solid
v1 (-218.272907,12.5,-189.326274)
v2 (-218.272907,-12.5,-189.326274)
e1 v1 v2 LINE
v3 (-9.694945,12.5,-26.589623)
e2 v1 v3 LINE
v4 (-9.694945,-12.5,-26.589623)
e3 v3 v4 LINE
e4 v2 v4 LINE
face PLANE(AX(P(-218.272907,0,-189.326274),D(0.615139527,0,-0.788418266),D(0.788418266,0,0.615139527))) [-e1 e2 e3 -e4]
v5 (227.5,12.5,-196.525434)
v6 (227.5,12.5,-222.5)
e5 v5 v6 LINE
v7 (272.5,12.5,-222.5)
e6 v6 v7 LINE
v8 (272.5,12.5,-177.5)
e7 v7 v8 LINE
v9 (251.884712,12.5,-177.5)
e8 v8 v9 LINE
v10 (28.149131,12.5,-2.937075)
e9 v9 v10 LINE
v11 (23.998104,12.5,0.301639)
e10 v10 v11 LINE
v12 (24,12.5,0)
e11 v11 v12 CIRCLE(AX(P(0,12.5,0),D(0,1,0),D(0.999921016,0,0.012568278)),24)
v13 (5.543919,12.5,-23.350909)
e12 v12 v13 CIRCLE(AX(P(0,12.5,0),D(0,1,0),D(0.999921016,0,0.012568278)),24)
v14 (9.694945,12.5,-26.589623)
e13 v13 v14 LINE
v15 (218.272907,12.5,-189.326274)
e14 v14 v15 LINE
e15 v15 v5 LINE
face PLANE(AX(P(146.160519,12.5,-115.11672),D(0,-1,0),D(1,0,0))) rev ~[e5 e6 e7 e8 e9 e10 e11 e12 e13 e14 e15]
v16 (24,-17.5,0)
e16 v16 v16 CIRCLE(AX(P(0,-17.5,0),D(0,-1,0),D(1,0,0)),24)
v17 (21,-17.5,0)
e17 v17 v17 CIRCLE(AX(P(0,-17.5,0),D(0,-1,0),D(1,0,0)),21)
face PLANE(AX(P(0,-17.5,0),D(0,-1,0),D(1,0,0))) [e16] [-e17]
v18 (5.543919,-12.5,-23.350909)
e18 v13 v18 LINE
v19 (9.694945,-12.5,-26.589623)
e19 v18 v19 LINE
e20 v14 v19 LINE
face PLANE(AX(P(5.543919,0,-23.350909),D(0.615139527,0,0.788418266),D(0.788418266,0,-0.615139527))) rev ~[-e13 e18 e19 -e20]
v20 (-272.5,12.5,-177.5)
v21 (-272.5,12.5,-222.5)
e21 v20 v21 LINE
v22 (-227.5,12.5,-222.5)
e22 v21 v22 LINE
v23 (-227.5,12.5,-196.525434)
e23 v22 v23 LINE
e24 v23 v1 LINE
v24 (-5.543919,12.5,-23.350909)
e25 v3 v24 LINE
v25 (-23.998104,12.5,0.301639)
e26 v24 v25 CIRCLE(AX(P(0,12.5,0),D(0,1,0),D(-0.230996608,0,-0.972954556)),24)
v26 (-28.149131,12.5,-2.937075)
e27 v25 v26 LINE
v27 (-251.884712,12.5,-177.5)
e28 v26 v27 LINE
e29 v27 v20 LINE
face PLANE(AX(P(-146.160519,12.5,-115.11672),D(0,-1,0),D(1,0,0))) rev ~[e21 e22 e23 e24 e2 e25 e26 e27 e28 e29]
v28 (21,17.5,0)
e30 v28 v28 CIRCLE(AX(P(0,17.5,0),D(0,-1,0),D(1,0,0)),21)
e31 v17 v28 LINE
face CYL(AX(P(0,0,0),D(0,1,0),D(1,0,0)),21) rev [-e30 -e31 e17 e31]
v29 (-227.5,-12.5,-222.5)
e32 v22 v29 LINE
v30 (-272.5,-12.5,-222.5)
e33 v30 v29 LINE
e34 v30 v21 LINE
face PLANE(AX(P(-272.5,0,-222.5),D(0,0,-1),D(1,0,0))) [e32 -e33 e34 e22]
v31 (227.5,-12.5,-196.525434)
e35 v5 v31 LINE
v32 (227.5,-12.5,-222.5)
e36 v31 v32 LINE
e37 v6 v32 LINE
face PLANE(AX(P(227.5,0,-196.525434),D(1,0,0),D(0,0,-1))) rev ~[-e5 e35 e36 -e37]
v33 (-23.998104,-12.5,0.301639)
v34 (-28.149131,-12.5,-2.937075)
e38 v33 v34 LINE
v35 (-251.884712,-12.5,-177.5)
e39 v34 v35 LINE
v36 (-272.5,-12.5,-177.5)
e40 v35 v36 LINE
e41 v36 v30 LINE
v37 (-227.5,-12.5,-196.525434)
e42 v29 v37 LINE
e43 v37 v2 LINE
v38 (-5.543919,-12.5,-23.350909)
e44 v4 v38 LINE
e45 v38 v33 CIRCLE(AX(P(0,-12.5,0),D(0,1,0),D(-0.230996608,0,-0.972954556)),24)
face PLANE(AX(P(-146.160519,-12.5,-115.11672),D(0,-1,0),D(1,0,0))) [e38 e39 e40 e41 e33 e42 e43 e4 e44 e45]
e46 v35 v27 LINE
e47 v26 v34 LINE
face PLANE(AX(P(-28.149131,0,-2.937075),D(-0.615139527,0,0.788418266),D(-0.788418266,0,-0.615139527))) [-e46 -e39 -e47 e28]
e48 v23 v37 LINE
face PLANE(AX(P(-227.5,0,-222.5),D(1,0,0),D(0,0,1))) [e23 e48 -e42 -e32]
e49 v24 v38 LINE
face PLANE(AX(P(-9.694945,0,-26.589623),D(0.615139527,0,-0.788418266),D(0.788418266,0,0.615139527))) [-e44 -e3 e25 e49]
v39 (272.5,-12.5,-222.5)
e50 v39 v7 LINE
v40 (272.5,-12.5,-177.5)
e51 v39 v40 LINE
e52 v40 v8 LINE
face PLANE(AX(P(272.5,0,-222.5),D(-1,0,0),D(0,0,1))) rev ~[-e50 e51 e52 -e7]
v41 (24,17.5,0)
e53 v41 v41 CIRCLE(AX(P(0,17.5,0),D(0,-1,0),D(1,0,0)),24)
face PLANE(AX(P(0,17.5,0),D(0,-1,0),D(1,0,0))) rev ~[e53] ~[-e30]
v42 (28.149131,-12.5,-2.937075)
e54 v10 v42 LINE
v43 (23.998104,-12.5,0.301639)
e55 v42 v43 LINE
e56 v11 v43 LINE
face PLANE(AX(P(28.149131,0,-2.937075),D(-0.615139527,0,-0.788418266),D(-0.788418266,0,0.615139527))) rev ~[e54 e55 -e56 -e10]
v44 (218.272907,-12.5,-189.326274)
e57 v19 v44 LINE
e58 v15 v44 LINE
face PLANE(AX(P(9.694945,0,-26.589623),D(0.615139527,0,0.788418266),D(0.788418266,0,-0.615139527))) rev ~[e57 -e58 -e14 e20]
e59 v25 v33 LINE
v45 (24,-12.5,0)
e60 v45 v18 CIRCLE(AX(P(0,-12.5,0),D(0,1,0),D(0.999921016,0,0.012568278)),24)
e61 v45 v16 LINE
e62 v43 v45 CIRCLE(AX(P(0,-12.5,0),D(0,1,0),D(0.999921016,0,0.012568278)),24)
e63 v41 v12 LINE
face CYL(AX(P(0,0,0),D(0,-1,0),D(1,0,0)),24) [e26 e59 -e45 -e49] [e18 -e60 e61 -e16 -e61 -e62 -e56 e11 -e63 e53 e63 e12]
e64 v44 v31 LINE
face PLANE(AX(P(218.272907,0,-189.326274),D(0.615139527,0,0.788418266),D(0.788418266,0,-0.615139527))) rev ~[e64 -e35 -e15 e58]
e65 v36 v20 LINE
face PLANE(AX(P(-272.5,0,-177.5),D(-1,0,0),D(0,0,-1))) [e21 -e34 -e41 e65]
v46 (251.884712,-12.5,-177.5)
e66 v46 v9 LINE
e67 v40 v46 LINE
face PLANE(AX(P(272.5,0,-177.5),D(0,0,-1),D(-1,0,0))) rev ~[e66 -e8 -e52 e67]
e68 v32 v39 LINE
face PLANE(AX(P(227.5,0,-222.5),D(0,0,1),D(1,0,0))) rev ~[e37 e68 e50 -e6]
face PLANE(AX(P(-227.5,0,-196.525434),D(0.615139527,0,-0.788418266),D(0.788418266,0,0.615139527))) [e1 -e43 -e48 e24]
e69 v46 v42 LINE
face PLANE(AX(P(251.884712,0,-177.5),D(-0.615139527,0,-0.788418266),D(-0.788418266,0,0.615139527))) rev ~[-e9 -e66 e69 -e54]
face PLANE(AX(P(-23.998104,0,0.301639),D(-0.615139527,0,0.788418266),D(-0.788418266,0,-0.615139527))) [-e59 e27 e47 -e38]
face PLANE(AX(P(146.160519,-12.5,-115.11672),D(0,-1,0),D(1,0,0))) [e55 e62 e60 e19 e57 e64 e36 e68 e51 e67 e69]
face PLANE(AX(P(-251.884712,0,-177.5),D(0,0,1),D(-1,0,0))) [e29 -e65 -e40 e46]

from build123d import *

# Parameters (mm, degrees)
F0_R     = 24
F0_R_2   = 21
F1_DEPTH = 17.5
F3_DEPTH = 12.5


with BuildPart() as f1:
    # F0 (on Front) → F1 (new body, symmetric)
    with BuildSketch(Plane.XZ):
        Circle(F0_R)
        Circle(F0_R_2, mode=Mode.SUBTRACT)
    extrude(amount=F1_DEPTH, both=True)

    # F2 (on Front) → F3 (join, symmetric)
    with BuildSketch(Plane.XZ):
        with BuildLine():
            Line((251.8847116829, -177.5), (236.7270928985, -165.6737260034))
            Line((236.7270928985, -165.6737260034), (28.1491312931, -2.9370746409))
            Line((28.1491312931, -2.9370746409), (23.9981043859, 0.3016386602))
            ThreePointArc((23.9981043859, 0.3016386602), (18.9220383946, -14.7633486375), (5.543918589, -23.350909333))
            Line((5.543918589, -23.350909333), (9.6949454961, -26.5896226342))
            Line((9.6949454961, -26.5896226342), (218.2729071015, -189.3262739966))
            Line((218.2729071015, -189.3262739966), (227.5, -196.5254343899))
            Line((227.5, -196.5254343899), (227.5, -222.5))
            Line((227.5, -222.5), (272.5, -222.5))
            Line((272.5, -222.5), (272.5, -177.5))
            Line((272.5, -177.5), (251.8847116829, -177.5))
        make_face()
        with BuildLine():
            Line((-272.5, -222.5), (-227.5, -222.5))
            Line((-227.5, -222.5), (-227.5, -196.5254343899))
            Line((-227.5, -196.5254343899), (-218.2729071015, -189.3262739966))
            Line((-218.2729071015, -189.3262739966), (-9.6949454961, -26.5896226342))
            Line((-9.6949454961, -26.5896226342), (-5.543918589, -23.350909333))
            ThreePointArc((-5.543918589, -23.350909333), (-18.9220383946, -14.7633486375), (-23.9981043859, 0.3016386602))
            Line((-23.9981043859, 0.3016386602), (-28.1491312931, -2.9370746409))
            Line((-28.1491312931, -2.9370746409), (-236.7270928985, -165.6737260034))
            Line((-236.7270928985, -165.6737260034), (-251.8847116829, -177.5))
            Line((-251.8847116829, -177.5), (-272.5, -177.5))
            Line((-272.5, -177.5), (-272.5, -222.5))
        make_face()
    extrude(amount=F3_DEPTH, both=True)


solid = f1.part
